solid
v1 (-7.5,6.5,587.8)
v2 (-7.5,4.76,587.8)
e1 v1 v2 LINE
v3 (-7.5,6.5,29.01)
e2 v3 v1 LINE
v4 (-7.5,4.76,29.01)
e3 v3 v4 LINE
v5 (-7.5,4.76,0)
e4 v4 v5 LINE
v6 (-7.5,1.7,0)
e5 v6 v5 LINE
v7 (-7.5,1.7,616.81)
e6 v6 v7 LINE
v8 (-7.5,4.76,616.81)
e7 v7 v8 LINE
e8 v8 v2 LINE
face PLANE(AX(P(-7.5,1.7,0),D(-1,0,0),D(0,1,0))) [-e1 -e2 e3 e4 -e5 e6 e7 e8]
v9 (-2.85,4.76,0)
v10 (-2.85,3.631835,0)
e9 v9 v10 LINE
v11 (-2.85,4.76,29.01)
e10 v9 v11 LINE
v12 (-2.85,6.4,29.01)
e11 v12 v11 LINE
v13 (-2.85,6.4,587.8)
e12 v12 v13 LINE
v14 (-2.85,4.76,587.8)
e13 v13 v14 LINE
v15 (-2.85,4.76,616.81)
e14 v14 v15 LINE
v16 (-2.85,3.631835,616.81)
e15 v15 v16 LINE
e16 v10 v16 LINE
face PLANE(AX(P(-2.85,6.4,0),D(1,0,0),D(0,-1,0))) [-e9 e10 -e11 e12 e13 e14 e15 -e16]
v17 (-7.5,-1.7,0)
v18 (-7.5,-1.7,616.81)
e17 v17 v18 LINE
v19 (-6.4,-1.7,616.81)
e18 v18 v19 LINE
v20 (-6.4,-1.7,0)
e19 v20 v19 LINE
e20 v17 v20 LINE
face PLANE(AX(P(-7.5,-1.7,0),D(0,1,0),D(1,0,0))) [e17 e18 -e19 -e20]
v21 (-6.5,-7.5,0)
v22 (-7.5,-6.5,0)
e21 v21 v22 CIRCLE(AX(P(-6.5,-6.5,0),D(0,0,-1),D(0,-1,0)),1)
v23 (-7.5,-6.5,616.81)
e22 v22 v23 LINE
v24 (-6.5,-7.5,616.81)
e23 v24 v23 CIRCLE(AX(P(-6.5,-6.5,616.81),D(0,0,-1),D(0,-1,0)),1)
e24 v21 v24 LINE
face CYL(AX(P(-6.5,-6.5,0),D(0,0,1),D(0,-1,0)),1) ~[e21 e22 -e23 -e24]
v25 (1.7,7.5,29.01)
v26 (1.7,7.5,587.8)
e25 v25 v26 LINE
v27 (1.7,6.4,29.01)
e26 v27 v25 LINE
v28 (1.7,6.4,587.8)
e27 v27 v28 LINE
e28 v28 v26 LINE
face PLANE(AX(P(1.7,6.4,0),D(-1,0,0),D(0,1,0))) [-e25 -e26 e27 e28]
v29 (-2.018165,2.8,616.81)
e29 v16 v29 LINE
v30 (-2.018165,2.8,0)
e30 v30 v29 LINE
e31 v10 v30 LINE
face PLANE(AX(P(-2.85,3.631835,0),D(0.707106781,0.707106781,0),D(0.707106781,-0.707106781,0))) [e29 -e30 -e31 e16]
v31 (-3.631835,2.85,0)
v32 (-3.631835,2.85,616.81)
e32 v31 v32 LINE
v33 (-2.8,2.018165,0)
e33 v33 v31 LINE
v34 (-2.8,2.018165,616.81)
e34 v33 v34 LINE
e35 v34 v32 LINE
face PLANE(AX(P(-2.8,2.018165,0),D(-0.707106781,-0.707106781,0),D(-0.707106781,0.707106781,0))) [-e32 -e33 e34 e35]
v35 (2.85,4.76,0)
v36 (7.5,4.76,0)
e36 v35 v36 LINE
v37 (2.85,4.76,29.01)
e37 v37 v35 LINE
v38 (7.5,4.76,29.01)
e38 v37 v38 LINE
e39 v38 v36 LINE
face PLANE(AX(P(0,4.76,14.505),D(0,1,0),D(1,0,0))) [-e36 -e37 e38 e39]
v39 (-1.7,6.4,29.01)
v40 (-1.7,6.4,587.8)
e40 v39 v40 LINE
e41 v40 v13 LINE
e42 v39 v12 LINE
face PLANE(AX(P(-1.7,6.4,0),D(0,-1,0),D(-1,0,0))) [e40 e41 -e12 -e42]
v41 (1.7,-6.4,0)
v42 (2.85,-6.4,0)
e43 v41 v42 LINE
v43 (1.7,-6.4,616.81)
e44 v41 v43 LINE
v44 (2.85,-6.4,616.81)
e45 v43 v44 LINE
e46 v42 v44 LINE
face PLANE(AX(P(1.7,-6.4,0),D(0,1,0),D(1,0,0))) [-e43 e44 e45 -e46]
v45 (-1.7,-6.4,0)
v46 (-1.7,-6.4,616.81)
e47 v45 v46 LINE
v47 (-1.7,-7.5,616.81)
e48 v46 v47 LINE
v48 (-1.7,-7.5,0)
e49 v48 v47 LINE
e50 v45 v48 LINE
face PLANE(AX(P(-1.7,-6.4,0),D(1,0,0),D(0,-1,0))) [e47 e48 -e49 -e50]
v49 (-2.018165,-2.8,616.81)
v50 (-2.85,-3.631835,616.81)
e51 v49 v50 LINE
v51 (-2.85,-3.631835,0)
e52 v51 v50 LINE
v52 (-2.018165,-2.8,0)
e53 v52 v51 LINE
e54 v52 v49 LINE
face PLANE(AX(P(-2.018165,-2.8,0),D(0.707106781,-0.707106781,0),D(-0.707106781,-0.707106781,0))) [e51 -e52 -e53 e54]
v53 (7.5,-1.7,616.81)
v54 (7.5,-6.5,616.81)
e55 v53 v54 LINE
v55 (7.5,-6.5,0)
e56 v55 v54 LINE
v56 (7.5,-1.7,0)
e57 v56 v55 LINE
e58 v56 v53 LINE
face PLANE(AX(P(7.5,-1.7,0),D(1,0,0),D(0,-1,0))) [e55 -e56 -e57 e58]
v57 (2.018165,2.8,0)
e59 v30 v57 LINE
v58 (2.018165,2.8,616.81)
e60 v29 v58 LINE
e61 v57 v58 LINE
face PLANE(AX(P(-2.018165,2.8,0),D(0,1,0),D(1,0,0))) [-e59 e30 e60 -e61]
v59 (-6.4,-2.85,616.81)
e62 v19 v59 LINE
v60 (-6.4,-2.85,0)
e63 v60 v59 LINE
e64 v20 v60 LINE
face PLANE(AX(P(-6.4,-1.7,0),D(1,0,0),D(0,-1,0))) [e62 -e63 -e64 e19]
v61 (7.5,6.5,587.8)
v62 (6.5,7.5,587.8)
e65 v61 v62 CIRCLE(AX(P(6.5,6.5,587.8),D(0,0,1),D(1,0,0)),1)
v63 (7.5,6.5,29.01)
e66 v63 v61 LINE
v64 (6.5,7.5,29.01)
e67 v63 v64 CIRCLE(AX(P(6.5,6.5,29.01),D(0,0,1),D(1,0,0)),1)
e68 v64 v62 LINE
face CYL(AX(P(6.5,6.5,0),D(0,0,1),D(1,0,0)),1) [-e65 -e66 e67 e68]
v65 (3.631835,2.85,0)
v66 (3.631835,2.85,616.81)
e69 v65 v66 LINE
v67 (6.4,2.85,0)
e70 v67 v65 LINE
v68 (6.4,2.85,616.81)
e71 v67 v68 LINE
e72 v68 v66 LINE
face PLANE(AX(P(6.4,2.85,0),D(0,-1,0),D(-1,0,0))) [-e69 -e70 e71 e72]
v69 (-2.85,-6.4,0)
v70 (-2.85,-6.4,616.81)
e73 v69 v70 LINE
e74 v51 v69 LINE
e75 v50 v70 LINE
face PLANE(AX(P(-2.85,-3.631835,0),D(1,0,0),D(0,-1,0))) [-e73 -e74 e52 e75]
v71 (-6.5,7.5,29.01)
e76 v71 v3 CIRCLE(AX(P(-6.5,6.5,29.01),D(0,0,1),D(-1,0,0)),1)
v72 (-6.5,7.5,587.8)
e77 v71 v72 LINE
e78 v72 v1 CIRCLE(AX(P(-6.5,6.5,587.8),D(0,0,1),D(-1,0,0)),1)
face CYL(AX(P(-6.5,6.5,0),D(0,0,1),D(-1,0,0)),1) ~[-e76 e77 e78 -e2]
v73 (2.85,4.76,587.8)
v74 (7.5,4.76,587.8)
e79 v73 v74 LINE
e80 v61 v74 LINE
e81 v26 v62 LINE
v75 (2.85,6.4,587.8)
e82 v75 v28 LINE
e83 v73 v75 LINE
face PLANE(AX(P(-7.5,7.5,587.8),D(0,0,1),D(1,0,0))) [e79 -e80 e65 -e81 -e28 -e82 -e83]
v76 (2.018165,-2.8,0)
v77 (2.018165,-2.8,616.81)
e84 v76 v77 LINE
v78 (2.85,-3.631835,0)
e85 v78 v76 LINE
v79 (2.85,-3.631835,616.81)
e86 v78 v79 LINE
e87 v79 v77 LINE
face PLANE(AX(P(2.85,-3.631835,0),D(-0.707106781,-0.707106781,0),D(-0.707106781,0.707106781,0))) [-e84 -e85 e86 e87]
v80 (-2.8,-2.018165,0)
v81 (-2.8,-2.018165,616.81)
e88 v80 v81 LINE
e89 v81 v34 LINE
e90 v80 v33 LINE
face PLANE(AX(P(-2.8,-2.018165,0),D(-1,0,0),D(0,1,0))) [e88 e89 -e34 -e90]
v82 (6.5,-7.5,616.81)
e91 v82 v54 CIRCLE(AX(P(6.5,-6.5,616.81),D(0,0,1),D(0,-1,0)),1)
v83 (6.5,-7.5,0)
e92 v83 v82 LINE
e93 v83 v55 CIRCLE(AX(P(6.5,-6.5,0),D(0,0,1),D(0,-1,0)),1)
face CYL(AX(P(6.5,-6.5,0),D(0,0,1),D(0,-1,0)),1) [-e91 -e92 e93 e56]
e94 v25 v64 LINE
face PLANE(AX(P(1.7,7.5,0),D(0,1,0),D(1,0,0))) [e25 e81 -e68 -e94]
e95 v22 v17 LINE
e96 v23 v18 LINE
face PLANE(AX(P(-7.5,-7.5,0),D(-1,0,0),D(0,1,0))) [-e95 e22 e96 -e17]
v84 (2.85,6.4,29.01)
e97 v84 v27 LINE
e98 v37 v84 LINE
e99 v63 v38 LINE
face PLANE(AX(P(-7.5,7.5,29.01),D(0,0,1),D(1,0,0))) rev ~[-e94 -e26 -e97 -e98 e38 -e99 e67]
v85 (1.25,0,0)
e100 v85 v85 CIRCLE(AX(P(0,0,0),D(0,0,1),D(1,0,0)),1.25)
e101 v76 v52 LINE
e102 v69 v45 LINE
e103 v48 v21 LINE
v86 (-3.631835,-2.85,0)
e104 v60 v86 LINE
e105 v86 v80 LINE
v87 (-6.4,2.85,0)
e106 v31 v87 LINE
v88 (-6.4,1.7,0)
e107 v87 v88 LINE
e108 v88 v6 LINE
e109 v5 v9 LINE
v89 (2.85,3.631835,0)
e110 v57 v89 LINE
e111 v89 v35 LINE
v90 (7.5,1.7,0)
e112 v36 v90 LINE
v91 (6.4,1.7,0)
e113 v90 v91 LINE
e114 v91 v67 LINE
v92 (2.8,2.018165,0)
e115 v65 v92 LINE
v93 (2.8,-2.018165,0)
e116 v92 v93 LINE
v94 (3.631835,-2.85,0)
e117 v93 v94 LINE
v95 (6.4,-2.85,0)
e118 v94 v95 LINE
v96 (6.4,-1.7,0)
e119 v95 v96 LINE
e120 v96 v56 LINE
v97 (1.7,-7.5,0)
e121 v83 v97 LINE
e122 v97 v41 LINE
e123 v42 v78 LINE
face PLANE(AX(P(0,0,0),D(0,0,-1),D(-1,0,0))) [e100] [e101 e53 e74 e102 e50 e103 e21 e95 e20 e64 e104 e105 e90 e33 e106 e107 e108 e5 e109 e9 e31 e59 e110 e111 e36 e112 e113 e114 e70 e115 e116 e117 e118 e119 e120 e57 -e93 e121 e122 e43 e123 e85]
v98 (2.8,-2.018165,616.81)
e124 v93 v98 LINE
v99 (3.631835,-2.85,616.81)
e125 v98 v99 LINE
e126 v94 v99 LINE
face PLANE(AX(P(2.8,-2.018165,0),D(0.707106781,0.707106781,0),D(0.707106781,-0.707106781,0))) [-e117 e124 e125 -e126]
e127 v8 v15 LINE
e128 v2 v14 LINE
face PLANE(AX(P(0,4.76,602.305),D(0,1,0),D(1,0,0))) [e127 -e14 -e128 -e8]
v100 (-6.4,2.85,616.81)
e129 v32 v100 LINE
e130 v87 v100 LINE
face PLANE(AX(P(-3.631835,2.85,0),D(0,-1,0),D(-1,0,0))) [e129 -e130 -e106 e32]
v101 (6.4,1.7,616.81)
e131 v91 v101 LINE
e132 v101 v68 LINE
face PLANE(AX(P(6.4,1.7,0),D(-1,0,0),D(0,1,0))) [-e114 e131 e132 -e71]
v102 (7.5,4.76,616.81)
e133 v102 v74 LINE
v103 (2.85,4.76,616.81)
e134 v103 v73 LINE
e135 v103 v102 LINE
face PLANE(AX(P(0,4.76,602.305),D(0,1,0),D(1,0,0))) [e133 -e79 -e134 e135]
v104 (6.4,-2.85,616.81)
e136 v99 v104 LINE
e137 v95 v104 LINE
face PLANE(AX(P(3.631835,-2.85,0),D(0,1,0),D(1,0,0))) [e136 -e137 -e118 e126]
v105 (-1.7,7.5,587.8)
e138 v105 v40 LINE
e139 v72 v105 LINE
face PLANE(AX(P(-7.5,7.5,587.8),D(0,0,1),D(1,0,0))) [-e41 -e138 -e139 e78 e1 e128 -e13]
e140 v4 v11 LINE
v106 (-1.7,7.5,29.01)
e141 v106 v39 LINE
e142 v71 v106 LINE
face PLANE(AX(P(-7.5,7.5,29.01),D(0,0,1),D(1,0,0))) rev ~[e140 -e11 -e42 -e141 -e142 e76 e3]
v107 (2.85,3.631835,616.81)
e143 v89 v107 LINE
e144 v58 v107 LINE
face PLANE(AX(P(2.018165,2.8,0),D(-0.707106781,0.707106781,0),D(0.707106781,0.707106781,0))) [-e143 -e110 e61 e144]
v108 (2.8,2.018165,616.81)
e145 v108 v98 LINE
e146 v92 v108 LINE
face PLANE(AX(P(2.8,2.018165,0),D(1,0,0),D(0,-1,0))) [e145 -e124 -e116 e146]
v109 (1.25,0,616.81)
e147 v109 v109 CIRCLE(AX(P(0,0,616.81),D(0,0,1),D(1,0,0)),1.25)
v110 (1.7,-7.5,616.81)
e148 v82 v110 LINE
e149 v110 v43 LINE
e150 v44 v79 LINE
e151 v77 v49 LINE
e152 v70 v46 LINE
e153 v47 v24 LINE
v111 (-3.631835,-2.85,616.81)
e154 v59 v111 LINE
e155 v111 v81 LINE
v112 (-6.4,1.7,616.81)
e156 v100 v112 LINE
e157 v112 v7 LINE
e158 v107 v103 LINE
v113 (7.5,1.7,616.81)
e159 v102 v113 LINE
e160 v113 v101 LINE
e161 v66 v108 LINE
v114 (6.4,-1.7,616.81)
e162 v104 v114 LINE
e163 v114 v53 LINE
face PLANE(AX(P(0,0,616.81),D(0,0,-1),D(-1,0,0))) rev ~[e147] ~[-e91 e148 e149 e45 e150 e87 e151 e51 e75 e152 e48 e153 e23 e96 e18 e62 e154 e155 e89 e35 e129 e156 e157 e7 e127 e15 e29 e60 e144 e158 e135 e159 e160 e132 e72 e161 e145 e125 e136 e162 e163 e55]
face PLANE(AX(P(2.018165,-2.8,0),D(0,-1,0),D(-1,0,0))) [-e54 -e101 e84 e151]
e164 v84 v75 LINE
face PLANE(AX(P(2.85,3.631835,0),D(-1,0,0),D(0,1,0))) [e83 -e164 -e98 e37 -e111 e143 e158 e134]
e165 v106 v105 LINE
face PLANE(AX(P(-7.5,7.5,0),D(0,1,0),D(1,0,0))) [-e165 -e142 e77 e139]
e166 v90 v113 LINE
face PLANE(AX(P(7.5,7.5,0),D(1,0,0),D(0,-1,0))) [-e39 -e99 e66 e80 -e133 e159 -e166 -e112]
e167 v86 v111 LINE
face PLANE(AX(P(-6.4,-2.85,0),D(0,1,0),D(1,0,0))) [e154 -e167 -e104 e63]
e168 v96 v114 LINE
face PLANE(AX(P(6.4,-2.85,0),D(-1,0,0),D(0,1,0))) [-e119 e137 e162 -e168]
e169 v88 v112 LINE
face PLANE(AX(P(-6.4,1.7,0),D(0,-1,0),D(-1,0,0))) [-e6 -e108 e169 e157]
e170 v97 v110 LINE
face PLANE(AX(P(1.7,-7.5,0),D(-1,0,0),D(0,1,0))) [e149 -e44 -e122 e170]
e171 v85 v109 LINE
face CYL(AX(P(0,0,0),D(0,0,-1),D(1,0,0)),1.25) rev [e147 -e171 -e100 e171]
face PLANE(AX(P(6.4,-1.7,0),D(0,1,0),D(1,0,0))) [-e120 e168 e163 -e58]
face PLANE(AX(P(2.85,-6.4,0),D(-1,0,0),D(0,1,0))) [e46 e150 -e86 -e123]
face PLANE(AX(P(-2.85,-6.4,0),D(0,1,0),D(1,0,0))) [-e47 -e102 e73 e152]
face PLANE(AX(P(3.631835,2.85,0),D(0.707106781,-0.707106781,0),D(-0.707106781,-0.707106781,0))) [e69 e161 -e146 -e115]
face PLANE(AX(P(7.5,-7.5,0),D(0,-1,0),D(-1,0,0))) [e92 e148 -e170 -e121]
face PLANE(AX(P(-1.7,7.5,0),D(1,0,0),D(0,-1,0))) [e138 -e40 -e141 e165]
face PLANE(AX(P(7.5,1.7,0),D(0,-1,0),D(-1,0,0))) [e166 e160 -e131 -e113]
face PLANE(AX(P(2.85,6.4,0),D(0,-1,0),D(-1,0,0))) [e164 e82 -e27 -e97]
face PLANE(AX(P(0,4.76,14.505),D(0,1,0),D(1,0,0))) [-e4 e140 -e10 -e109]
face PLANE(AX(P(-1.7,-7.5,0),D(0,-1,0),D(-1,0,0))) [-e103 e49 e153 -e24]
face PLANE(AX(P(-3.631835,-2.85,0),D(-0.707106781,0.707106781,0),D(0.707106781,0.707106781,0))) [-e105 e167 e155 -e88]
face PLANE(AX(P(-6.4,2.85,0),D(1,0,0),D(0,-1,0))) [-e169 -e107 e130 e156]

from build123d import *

# Parameters (mm, degrees)
SKETCH1_R           = 1.25
BOSS_EXTRUDE1_DEPTH = 616.81
FILLET1_R           = 1
SKETCH2_W           = 15
SKETCH2_H           = 29.01
CUT_EXTRUDE2_DEPTH  = 2.74
SKETCH3_W           = 15
SKETCH3_H           = 29.01
CUT_EXTRUDE3_DEPTH  = 2.74


with BuildPart() as part:
    # Sketch1 → Boss-Extrude1 (new body)
    with BuildSketch(Plane.XY):
        Polygon((7.5, -7.5), (1.7, -7.5), (1.7, -6.4), (2.85, -6.4), (2.85, -3.63183498), (2.01816502, -2.8), (-2.01816502, -2.8), (-2.85, -3.63183498), (-2.85, -6.4), (-1.7, -6.4), (-1.7, -7.5), (-7.5, -7.5), (-7.5, -1.7), (-6.4, -1.7), (-6.4, -2.85), (-3.63183498, -2.85), (-2.8, -2.01816502), (-2.8, 2.01816502), (-3.63183498, 2.85), (-6.4, 2.85), (-6.4, 1.7), (-7.5, 1.7), (-7.5, 7.5), (-1.7, 7.5), (-1.7, 6.4), (-2.85, 6.4), (-2.85, 3.63183498), (-2.01816502, 2.8), (2.01816502, 2.8), (2.85, 3.63183498), (2.85, 6.4), (1.7, 6.4), (1.7, 7.5), (7.5, 7.5), (7.5, 1.7), (6.4, 1.7), (6.4, 2.85), (3.63183498, 2.85), (2.8, 2.01816502), (2.8, -2.01816502), (3.63183498, -2.85), (6.4, -2.85), (6.4, -1.7), (7.5, -1.7), align=None)
        Circle(SKETCH1_R, mode=Mode.SUBTRACT)
    extrude(amount=BOSS_EXTRUDE1_DEPTH)

    # Fillet1
    fillet1_edges = [part.edges().sort_by_distance(p)[0] for p in [
        (-7.5, 7.5, 308.405),
        (7.5, 7.5, 308.405),
        (7.5, -7.5, 308.405),
        (-7.5, -7.5, 308.405),
    ]]
    fillet(fillet1_edges, radius=FILLET1_R)

    # Sketch2 → Cut-Extrude2 (cut)
    with BuildSketch(Plane(origin=(0, 7.5, 0), x_dir=(1, 0, 0), z_dir=(0, 1, 0))):
        with Locations((0, -602.305)):
            Rectangle(SKETCH2_W, SKETCH2_H)
    extrude(amount=-CUT_EXTRUDE2_DEPTH, mode=Mode.SUBTRACT)

    # Sketch3 → Cut-Extrude3 (cut)
    with BuildSketch(Plane(origin=(0, 7.5, 0), x_dir=(1, 0, 0), z_dir=(0, 1, 0))):
        with Locations((0, -14.505)):
            Rectangle(SKETCH3_W, SKETCH3_H)
    extrude(amount=-CUT_EXTRUDE3_DEPTH, mode=Mode.SUBTRACT)


solid = part.part
